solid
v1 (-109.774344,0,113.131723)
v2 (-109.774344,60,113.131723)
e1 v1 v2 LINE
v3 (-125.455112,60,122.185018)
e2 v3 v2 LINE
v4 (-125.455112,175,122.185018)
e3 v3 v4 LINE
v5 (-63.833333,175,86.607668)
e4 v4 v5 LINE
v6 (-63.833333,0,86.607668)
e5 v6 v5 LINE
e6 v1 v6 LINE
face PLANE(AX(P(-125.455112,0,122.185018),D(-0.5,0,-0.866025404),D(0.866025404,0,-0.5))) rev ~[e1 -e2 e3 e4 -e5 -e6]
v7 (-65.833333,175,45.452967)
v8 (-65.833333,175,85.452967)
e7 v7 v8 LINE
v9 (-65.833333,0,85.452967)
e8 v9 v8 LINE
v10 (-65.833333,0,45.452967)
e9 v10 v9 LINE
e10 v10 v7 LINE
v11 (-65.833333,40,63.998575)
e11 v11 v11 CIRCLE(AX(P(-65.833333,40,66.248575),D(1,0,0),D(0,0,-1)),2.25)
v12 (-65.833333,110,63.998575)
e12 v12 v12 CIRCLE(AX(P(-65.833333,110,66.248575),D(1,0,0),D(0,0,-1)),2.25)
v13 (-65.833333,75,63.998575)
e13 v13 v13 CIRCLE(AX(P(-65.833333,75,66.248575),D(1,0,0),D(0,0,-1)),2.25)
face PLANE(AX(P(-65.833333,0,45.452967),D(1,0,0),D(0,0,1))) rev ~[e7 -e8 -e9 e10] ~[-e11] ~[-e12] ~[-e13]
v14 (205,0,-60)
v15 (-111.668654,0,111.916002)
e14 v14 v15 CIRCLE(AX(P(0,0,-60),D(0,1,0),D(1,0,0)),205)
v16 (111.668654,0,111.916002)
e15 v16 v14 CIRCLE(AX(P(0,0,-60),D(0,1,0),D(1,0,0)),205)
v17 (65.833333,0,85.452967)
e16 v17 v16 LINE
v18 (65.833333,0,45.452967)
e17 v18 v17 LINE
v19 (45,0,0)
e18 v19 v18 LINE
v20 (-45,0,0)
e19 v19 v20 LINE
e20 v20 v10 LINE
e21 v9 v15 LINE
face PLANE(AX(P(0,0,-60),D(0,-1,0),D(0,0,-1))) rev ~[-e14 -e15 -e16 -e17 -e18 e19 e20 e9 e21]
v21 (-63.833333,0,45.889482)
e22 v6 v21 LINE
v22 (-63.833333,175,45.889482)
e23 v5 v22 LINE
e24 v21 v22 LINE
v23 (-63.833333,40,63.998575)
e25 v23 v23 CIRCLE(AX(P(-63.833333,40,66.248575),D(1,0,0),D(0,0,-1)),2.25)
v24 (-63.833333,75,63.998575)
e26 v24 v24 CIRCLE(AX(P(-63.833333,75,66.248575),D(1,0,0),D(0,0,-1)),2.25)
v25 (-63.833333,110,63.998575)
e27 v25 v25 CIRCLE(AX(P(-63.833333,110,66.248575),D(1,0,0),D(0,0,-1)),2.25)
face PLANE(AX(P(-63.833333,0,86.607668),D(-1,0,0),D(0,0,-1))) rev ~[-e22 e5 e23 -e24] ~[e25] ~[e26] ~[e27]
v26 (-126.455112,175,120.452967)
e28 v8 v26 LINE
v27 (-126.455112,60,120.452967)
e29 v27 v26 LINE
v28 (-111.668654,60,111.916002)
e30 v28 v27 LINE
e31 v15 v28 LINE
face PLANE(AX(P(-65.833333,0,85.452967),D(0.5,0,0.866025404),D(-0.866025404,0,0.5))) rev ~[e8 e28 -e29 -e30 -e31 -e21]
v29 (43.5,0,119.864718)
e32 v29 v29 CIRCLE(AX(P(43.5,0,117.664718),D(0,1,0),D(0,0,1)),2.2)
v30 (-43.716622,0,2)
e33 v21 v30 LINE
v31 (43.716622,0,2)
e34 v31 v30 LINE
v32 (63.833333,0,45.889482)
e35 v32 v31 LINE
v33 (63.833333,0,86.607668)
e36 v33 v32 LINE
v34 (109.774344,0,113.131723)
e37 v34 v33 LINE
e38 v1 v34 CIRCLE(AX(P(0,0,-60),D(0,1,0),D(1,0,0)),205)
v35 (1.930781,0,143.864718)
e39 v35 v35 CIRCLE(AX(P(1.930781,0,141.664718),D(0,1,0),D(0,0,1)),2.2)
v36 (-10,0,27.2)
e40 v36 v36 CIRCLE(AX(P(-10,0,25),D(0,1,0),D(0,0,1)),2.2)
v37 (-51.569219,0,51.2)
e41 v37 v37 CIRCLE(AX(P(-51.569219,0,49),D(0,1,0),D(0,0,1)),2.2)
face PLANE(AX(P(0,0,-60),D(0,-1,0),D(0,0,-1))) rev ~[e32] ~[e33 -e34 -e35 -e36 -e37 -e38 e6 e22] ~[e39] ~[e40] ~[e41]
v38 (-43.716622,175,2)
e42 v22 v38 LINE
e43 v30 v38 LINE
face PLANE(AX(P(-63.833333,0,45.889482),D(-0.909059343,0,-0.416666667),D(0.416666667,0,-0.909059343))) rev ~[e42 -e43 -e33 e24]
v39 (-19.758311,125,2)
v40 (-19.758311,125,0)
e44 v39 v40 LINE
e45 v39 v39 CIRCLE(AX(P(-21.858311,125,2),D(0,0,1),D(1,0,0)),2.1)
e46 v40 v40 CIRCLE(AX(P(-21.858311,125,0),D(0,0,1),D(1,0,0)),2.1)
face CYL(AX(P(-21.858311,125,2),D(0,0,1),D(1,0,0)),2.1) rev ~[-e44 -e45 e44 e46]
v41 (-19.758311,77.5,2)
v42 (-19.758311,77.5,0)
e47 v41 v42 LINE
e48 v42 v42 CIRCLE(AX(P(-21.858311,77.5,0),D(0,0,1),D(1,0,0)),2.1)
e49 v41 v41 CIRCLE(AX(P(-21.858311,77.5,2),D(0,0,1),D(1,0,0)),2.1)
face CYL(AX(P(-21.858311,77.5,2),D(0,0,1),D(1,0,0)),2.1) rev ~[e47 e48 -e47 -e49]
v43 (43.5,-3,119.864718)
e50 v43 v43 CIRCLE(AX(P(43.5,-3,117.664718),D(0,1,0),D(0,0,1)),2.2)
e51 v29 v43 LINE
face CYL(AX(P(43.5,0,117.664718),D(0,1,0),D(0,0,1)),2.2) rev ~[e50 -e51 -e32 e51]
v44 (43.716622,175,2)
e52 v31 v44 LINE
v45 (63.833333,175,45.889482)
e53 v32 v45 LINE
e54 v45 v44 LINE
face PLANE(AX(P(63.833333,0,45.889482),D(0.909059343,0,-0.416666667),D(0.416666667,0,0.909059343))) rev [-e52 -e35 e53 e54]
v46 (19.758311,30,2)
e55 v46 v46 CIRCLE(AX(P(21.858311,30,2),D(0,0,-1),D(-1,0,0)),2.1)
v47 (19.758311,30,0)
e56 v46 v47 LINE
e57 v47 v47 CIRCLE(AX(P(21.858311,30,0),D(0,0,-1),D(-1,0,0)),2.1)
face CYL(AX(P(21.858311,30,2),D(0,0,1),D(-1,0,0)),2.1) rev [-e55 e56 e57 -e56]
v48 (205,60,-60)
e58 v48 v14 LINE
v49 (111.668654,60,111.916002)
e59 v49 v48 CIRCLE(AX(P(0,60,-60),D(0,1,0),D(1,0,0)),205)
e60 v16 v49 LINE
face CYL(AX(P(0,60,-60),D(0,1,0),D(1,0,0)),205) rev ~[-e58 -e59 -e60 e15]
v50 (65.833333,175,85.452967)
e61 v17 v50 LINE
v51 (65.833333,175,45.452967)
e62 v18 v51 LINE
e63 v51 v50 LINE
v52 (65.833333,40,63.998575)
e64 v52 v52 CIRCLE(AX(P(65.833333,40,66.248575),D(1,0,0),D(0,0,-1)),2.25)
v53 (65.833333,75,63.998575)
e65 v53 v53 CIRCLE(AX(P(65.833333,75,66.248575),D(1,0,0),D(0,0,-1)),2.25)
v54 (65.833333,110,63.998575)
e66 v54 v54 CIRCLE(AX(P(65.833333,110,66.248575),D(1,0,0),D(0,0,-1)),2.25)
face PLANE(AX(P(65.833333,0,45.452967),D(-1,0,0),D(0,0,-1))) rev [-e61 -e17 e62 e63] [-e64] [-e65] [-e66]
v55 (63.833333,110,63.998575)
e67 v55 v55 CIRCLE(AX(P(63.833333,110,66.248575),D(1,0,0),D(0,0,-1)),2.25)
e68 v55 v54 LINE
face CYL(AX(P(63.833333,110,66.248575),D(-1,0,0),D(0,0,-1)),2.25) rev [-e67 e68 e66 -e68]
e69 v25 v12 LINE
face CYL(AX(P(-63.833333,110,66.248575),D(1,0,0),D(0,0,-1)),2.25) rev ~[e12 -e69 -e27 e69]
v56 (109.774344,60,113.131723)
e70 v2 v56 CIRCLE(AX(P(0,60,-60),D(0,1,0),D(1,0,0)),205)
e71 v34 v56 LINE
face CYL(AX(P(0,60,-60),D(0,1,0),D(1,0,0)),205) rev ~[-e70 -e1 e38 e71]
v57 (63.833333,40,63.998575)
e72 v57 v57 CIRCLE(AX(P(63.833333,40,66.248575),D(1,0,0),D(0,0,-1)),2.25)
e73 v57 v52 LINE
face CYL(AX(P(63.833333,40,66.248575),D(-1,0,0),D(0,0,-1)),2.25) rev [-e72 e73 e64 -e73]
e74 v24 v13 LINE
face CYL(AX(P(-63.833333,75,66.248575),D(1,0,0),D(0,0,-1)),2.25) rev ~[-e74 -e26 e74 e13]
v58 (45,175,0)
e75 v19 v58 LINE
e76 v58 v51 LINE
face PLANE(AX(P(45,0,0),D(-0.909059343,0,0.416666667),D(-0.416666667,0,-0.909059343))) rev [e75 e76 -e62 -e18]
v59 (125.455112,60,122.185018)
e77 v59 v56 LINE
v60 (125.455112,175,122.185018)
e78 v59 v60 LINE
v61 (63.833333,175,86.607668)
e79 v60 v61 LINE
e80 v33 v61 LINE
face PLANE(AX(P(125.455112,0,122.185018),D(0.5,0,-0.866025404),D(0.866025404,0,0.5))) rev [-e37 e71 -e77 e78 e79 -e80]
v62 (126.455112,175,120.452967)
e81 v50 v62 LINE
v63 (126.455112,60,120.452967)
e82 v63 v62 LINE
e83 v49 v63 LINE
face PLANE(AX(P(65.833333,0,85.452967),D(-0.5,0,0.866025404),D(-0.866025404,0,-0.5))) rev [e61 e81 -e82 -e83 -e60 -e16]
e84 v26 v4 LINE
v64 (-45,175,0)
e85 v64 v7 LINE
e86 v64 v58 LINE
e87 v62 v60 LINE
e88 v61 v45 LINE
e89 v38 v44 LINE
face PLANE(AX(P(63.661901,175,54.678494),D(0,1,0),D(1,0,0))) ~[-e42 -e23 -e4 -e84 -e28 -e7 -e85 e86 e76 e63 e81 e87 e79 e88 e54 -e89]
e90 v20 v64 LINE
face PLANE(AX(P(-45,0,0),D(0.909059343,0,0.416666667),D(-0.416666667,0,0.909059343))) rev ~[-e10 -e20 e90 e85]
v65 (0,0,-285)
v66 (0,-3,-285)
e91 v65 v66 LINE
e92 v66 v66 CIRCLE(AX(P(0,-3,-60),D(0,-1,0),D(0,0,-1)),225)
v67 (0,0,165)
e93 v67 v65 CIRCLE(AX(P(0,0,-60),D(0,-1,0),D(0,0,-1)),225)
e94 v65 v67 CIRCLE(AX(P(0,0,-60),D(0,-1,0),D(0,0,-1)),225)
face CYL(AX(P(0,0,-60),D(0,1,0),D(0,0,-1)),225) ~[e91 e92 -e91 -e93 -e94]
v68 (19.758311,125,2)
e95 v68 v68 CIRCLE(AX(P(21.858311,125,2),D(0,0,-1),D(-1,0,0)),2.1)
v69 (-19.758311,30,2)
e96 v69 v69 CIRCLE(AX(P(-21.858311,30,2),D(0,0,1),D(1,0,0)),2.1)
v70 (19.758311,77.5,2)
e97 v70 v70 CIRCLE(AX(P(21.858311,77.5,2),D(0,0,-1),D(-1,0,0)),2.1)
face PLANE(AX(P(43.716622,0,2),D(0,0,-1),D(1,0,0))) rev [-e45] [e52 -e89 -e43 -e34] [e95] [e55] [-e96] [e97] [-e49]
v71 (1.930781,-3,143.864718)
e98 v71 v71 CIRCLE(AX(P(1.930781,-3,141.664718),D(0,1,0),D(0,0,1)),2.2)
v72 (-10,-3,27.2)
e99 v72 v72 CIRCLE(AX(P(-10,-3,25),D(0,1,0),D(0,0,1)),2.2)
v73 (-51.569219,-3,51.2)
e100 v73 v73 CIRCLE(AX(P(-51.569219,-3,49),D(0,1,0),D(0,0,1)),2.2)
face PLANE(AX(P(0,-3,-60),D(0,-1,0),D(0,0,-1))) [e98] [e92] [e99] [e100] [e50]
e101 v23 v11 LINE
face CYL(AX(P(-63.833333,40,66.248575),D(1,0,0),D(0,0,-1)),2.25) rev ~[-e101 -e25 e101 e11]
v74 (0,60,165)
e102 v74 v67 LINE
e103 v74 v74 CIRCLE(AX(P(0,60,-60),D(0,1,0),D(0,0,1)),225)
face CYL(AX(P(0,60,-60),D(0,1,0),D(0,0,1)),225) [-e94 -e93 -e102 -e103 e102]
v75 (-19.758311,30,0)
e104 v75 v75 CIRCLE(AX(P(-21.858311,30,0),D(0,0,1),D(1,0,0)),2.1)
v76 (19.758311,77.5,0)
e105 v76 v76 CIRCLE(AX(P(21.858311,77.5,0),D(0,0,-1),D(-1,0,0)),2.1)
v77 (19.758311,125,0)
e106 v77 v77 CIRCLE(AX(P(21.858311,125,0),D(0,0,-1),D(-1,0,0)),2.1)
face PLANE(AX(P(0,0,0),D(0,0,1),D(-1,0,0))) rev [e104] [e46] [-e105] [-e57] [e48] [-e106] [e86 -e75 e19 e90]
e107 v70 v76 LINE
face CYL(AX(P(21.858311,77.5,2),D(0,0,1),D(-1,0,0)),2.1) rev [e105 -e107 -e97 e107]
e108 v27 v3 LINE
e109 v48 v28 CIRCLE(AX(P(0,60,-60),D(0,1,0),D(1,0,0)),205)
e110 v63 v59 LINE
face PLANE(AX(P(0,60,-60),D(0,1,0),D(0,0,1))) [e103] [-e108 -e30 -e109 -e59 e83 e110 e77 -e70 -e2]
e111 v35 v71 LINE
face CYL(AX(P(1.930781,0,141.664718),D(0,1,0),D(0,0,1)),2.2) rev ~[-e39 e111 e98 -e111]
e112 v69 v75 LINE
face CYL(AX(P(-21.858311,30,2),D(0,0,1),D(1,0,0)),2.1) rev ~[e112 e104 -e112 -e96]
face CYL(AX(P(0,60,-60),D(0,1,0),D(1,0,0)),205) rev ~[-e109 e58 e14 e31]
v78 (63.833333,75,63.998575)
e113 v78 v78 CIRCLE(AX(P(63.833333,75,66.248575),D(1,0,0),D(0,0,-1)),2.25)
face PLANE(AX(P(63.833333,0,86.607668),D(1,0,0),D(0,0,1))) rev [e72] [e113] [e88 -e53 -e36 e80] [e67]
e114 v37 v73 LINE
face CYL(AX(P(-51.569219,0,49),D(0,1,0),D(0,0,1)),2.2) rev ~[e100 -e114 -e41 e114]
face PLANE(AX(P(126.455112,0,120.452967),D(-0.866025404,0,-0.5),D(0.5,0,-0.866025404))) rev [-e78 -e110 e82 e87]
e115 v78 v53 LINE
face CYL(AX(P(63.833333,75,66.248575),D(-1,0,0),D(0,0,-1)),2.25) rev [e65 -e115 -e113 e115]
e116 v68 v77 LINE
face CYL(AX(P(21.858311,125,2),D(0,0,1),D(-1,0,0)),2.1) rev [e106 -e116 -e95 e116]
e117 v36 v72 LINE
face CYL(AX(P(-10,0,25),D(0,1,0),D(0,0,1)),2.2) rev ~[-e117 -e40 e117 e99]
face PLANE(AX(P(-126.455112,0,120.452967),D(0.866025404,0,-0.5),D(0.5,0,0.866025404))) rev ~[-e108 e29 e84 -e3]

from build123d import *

# Parameters (mm, degrees)
EXTRUDE_THIN1_DEPTH = 175
CUT_EXTRUDE1_REACH  = 249.104
SKETCH2_R           = 2.1
CUT_EXTRUDE2_REACH  = 224.775
SKETCH3_R           = 2.25
SKETCH4_R           = 225
BOSS_EXTRUDE1_DEPTH = 3
SKETCH5_R           = 2.2
CUT_EXTRUDE3_DEPTH  = 3
BOSS_EXTRUDE2_START = 60
SKETCH6_R           = 225
SKETCH6_R_2         = 205
BOSS_EXTRUDE2_DEPTH = 60


with BuildPart() as part:
    # Sketch1 → Extrude-Thin1 (new body)
    with BuildSketch(Plane(origin=(0, 0, 0), x_dir=(1, 0, 0), z_dir=(0, 1, 0))):
        Polygon((0, 0), (-45, 0), (-65.833333333, -45.452967144), (-65.833333333, -85.452967144), (-126.455111598, -120.452967144), (-125.455111598, -122.185017952), (-63.833333333, -86.607667683), (-63.833333333, -45.889482298), (-43.716622104, -2), (0, -2), align=None)
    extrude_thin1 = extrude(amount=EXTRUDE_THIN1_DEPTH)

    # Sketch2 → Cut-Extrude1 (cut, up to next)
    with BuildSketch(Plane.XY.offset(2), mode=Mode.PRIVATE) as cut_extrude1_sk1:
        with Locations((-21.858311052, 30)):
            Circle(SKETCH2_R)
    cut_extrude1_tool1 = extrude(cut_extrude1_sk1.sketch, amount=-CUT_EXTRUDE1_REACH, mode=Mode.PRIVATE) & part.part
    # Sketch2 → Cut-Extrude1 (cut, up to next)
    with BuildSketch(Plane.XY.offset(2), mode=Mode.PRIVATE) as cut_extrude1_sk2:
        with Locations((-21.858311052, 77.5)):
            Circle(SKETCH2_R)
    cut_extrude1_tool2 = extrude(cut_extrude1_sk2.sketch, amount=-CUT_EXTRUDE1_REACH, mode=Mode.PRIVATE) & part.part
    # Sketch2 → Cut-Extrude1 (cut, up to next)
    with BuildSketch(Plane.XY.offset(2), mode=Mode.PRIVATE) as cut_extrude1_sk3:
        with Locations((-21.858311052, 125)):
            Circle(SKETCH2_R)
    cut_extrude1_tool3 = extrude(cut_extrude1_sk3.sketch, amount=-CUT_EXTRUDE1_REACH, mode=Mode.PRIVATE) & part.part
    cut_extrude1_1 = cut_extrude1_tool1.solids().sort_by_distance((-21.858311, 30, 2))[0]
    add(cut_extrude1_1, mode=Mode.SUBTRACT)
    cut_extrude1_2 = cut_extrude1_tool2.solids().sort_by_distance((-21.858311, 77.5, 2))[0]
    add(cut_extrude1_2, mode=Mode.SUBTRACT)
    cut_extrude1_3 = cut_extrude1_tool3.solids().sort_by_distance((-21.858311, 125, 2))[0]
    add(cut_extrude1_3, mode=Mode.SUBTRACT)
    cut_extrude1 = cut_extrude1_1 + cut_extrude1_2 + cut_extrude1_3  # Cut-Extrude1 as one shape, for the pattern or mirror that repeats it

    # Sketch3 → Cut-Extrude2 (cut, up to next)
    with BuildSketch(Plane(origin=(-63.833333333, 0, 0), x_dir=(0, 0, -1), z_dir=(1, 0, 0)), mode=Mode.PRIVATE) as cut_extrude2_sk1:
        with Locations((-66.248574991, 40)):
            Circle(SKETCH3_R)
    cut_extrude2_tool1 = extrude(cut_extrude2_sk1.sketch, amount=-CUT_EXTRUDE2_REACH, mode=Mode.PRIVATE) & part.part
    # Sketch3 → Cut-Extrude2 (cut, up to next)
    with BuildSketch(Plane(origin=(-63.833333333, 0, 0), x_dir=(0, 0, -1), z_dir=(1, 0, 0)), mode=Mode.PRIVATE) as cut_extrude2_sk2:
        with Locations((-66.248574991, 75)):
            Circle(SKETCH3_R)
    cut_extrude2_tool2 = extrude(cut_extrude2_sk2.sketch, amount=-CUT_EXTRUDE2_REACH, mode=Mode.PRIVATE) & part.part
    # Sketch3 → Cut-Extrude2 (cut, up to next)
    with BuildSketch(Plane(origin=(-63.833333333, 0, 0), x_dir=(0, 0, -1), z_dir=(1, 0, 0)), mode=Mode.PRIVATE) as cut_extrude2_sk3:
        with Locations((-66.248574991, 110)):
            Circle(SKETCH3_R)
    cut_extrude2_tool3 = extrude(cut_extrude2_sk3.sketch, amount=-CUT_EXTRUDE2_REACH, mode=Mode.PRIVATE) & part.part
    cut_extrude2_1 = cut_extrude2_tool1.solids().sort_by_distance((-63.833333, 40, 66.248575))[0]
    add(cut_extrude2_1, mode=Mode.SUBTRACT)
    cut_extrude2_2 = cut_extrude2_tool2.solids().sort_by_distance((-63.833333, 75, 66.248575))[0]
    add(cut_extrude2_2, mode=Mode.SUBTRACT)
    cut_extrude2_3 = cut_extrude2_tool3.solids().sort_by_distance((-63.833333, 110, 66.248575))[0]
    add(cut_extrude2_3, mode=Mode.SUBTRACT)
    cut_extrude2 = cut_extrude2_1 + cut_extrude2_2 + cut_extrude2_3  # Cut-Extrude2 as one shape, for the pattern or mirror that repeats it

    # Mirror1: Extrude-Thin1, Cut-Extrude1, Cut-Extrude2 across plane
    add(extrude_thin1.mirror(Plane(origin=(0, 0, 0), x_dir=(0, 0, 1), z_dir=(1, 0, 0))))
    add(cut_extrude1.mirror(Plane(origin=(0, 0, 0), x_dir=(0, 0, 1), z_dir=(1, 0, 0))), mode=Mode.SUBTRACT)
    add(cut_extrude2.mirror(Plane(origin=(0, 0, 0), x_dir=(0, 0, 1), z_dir=(1, 0, 0))), mode=Mode.SUBTRACT)

    # Sketch4 → Boss-Extrude1 (add)
    with BuildSketch(Plane.XZ):
        with Locations(Location((0, -60, 0), (0, 0, 270))):
            Circle(SKETCH4_R)
    extrude(amount=BOSS_EXTRUDE1_DEPTH)

    # Sketch5 → Cut-Extrude3 (cut)
    with BuildSketch(Plane(origin=(0, 0, 0), x_dir=(1, 0, 0), z_dir=(0, 1, 0))):
        with Locations(Location((-10, -25, 0), (0, 0, 270))):
            Circle(SKETCH5_R)
        with Locations(Location((43.5, -117.664718205, 0), (0, 0, 270))):
            Circle(SKETCH5_R)
        with Locations(Location((1.930780618, -141.664718205, 0), (0, 0, 270))):
            Circle(SKETCH5_R)
        with Locations(Location((-51.569219382, -49, 0), (0, 0, 270))):
            Circle(SKETCH5_R)
    extrude(amount=-CUT_EXTRUDE3_DEPTH, mode=Mode.SUBTRACT)

    # Sketch6 → Boss-Extrude2 (add)
    with BuildSketch(Plane(origin=(0, 0, 0), x_dir=(1, 0, 0), z_dir=(0, 1, 0)).offset(BOSS_EXTRUDE2_START)):
        with Locations(Location((0, 60, 0), (0, 0, 270))):
            Circle(SKETCH6_R)
        with Locations((0, 60)):
            Circle(SKETCH6_R_2, mode=Mode.SUBTRACT)
    extrude(amount=-BOSS_EXTRUDE2_DEPTH)


solid = part.part
